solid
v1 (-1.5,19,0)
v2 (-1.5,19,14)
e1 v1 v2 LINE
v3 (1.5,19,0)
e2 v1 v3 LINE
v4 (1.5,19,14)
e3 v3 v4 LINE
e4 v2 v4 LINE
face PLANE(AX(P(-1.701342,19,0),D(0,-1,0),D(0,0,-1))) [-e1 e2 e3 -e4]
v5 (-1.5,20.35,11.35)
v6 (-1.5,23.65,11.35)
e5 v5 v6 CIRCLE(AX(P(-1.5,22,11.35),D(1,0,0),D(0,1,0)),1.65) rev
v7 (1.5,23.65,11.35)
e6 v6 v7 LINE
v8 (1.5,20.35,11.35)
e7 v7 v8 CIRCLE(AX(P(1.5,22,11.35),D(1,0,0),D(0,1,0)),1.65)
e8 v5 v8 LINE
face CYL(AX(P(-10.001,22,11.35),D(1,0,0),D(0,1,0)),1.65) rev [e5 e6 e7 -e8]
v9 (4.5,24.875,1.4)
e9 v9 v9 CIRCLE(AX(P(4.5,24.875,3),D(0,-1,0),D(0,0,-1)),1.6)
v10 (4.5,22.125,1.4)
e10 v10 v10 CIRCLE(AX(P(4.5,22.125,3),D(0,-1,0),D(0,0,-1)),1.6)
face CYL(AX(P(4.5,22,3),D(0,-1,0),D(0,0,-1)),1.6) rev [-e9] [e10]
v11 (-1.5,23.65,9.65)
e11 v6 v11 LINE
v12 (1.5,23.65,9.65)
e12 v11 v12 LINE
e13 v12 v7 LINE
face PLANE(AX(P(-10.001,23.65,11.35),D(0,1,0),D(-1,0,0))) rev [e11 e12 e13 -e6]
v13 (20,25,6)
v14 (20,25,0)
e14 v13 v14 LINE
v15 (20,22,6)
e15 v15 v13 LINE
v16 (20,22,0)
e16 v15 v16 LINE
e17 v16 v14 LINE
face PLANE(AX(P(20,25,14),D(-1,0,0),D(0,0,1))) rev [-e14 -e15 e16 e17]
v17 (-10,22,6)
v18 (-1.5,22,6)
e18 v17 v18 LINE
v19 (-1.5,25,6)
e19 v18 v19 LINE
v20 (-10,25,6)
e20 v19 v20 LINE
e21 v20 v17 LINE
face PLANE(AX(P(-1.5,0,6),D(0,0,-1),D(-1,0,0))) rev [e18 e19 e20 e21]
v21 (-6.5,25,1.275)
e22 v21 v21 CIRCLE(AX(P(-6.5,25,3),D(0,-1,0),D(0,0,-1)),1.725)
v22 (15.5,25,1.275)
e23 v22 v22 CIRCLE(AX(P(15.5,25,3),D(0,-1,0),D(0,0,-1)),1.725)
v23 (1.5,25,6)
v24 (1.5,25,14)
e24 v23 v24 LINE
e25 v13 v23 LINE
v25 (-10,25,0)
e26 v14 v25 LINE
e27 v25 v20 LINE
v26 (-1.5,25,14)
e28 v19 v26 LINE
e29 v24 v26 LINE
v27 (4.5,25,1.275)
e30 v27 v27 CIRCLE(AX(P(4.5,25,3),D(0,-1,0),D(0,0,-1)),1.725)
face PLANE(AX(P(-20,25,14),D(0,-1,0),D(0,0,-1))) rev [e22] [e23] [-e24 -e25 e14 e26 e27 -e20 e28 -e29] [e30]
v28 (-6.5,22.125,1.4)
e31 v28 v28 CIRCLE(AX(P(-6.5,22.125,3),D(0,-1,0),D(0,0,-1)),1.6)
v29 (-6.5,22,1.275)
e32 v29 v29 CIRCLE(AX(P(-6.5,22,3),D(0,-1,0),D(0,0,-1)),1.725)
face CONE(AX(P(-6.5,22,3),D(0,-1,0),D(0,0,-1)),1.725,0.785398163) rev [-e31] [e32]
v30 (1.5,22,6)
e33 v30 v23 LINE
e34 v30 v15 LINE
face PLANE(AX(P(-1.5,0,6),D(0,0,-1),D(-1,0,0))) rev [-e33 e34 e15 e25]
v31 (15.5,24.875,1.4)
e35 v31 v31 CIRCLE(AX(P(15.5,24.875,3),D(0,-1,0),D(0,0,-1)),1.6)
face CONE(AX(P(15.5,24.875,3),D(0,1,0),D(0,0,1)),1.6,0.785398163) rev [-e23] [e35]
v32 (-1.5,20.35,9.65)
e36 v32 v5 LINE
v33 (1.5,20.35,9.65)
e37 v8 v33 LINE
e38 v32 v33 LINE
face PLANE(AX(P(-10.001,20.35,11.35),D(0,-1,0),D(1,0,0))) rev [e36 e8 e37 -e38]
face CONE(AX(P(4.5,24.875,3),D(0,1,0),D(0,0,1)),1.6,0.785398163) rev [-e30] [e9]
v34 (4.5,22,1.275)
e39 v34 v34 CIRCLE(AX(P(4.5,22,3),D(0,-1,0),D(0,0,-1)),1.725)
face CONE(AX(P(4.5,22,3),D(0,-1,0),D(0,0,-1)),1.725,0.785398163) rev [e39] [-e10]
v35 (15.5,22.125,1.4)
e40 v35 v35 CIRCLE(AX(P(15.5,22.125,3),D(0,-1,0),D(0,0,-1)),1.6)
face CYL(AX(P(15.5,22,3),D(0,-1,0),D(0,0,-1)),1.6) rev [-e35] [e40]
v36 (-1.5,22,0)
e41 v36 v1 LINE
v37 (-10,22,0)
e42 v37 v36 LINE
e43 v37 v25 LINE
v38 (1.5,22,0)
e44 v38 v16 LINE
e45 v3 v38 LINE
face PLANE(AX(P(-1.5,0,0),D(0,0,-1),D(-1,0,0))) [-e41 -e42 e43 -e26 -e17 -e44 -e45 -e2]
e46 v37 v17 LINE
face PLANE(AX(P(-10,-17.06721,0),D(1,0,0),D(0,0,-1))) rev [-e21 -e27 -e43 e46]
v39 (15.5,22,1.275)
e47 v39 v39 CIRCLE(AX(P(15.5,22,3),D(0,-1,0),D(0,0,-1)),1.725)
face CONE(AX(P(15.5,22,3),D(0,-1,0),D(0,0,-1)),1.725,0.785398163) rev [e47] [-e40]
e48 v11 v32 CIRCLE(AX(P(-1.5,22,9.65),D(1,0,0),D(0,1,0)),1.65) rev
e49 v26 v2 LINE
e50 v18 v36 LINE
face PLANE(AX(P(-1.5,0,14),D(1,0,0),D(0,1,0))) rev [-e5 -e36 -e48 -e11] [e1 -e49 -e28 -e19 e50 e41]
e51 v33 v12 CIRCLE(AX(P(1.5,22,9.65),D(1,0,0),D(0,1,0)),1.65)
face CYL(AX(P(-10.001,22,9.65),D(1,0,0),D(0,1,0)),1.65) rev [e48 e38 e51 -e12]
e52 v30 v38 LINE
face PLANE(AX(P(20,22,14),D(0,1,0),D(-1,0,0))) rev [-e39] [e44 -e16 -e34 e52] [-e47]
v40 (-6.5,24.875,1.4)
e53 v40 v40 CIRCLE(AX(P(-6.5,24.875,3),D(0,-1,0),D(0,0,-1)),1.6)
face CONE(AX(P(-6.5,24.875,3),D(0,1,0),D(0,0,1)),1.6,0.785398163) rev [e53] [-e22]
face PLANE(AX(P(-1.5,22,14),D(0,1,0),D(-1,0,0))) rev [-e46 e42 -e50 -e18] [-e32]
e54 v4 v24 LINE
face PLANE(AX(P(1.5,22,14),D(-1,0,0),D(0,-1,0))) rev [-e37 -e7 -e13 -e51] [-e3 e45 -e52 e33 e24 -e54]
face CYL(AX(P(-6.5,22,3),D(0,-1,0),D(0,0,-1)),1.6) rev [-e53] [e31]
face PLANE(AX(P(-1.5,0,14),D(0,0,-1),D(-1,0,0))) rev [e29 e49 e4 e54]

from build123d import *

# Parameters (mm, degrees)
EXTRUDE_1_DEPTH            = 14
SKETCH_2_W                 = 10
SKETCH_2_H                 = 3
SKETCH_2_W_2               = 3
SKETCH_2_H_2               = 19
CUT_EXTRUDE_1_DEPTH        = 15
SKETCH_3_W                 = 8.5
SKETCH_3_H                 = 3
SKETCH_3_W_2               = 18.5
CUT_EXTRUDE_3_DEPTH        = 8
HOLE_WIZARD_M31_AT_2_COUNT = 2
HOLE_WIZARD_M31_AT_2_PITCH = 22
HOLE_WIZARD_M31_AT_3_COUNT = 2
HOLE_WIZARD_M31_AT_3_PITCH = 11
CUT_EXTRUDE_4_REACH        = 13.5


with BuildPart() as part:
    # Эскиз1 → Бобышка-Вытянуть1 (new body)
    with BuildSketch(Plane.XY):
        Polygon((-1.5, 0), (-1.5, 22), (-20, 22), (-20, 25), (20, 25), (20, 22), (1.5, 22), (1.5, 0), align=None)
    extrude(amount=EXTRUDE_1_DEPTH)

    # Эскиз2 → Вырез-Вытянуть1 (cut, through all)
    with BuildSketch(Plane.XY.offset(14)):
        with Locations((-15, 23.5)):
            Rectangle(SKETCH_2_W, SKETCH_2_H)
        with Locations((0, 9.5)):
            Rectangle(SKETCH_2_W_2, SKETCH_2_H_2)
    extrude(amount=-CUT_EXTRUDE_1_DEPTH, mode=Mode.SUBTRACT)

    # Эскиз3 → Вырез-Вытянуть3 (cut)
    with BuildSketch(Plane.XY.offset(14)):
        with Locations((-5.75, 23.5)):
            Rectangle(SKETCH_3_W, SKETCH_3_H)
        with Locations((10.75, 23.5)):
            Rectangle(SKETCH_3_W_2, SKETCH_3_H)
    extrude(amount=-CUT_EXTRUDE_3_DEPTH, mode=Mode.SUBTRACT)

    # Эскиз4 → Отверстие с зазором M31 (revolve, cut)
    with BuildSketch(Plane(origin=(-6.5, 22, 3), x_dir=(0, 0, -1), z_dir=(1, 0, 0))):
        Polygon((0, 0), (0, 3), (1.725, 3), (1.6, 2.875), (1.6, 0.125), (1.725, 0), align=None)
    hole_wizard_m31 = revolve(axis=Axis((-6.5, 15.65, 3), (0, 1, 0)), mode=Mode.SUBTRACT)

    # Отверстие с зазором M31 at 2: Отверстие с зазором M31 ×2
    with Locations(*[(i * HOLE_WIZARD_M31_AT_2_PITCH, 0, 0) for i in range(1, HOLE_WIZARD_M31_AT_2_COUNT)]):
        add(hole_wizard_m31, mode=Mode.SUBTRACT)

    # Отверстие с зазором M31 at 3: Отверстие с зазором M31 ×2
    with Locations(*[(i * HOLE_WIZARD_M31_AT_3_PITCH, 0, 0) for i in range(1, HOLE_WIZARD_M31_AT_3_COUNT)]):
        add(hole_wizard_m31, mode=Mode.SUBTRACT)

    # Эскиз6 → Вырез-Вытянуть4 (cut, up to next)
    with BuildSketch(Plane(origin=(1.5, 0, 0), x_dir=(0, 0, -1), z_dir=(1, 0, 0)), mode=Mode.PRIVATE) as cut_extrude_4_sk1:
        with BuildLine():
            Line((-11.35, 23.65), (-9.65, 23.65))
            ThreePointArc((-9.65, 23.65), (-8, 22), (-9.65, 20.35))
            Line((-9.65, 20.35), (-11.35, 20.35))
            ThreePointArc((-11.35, 20.35), (-13, 22), (-11.35, 23.65))
        make_face()
    cut_extrude_4_tool1 = extrude(cut_extrude_4_sk1.sketch, amount=-CUT_EXTRUDE_4_REACH, mode=Mode.PRIVATE) & part.part
    add(cut_extrude_4_tool1.solids().sort_by_distance((1.5, 22, 10.5))[0], mode=Mode.SUBTRACT)


solid = part.part
